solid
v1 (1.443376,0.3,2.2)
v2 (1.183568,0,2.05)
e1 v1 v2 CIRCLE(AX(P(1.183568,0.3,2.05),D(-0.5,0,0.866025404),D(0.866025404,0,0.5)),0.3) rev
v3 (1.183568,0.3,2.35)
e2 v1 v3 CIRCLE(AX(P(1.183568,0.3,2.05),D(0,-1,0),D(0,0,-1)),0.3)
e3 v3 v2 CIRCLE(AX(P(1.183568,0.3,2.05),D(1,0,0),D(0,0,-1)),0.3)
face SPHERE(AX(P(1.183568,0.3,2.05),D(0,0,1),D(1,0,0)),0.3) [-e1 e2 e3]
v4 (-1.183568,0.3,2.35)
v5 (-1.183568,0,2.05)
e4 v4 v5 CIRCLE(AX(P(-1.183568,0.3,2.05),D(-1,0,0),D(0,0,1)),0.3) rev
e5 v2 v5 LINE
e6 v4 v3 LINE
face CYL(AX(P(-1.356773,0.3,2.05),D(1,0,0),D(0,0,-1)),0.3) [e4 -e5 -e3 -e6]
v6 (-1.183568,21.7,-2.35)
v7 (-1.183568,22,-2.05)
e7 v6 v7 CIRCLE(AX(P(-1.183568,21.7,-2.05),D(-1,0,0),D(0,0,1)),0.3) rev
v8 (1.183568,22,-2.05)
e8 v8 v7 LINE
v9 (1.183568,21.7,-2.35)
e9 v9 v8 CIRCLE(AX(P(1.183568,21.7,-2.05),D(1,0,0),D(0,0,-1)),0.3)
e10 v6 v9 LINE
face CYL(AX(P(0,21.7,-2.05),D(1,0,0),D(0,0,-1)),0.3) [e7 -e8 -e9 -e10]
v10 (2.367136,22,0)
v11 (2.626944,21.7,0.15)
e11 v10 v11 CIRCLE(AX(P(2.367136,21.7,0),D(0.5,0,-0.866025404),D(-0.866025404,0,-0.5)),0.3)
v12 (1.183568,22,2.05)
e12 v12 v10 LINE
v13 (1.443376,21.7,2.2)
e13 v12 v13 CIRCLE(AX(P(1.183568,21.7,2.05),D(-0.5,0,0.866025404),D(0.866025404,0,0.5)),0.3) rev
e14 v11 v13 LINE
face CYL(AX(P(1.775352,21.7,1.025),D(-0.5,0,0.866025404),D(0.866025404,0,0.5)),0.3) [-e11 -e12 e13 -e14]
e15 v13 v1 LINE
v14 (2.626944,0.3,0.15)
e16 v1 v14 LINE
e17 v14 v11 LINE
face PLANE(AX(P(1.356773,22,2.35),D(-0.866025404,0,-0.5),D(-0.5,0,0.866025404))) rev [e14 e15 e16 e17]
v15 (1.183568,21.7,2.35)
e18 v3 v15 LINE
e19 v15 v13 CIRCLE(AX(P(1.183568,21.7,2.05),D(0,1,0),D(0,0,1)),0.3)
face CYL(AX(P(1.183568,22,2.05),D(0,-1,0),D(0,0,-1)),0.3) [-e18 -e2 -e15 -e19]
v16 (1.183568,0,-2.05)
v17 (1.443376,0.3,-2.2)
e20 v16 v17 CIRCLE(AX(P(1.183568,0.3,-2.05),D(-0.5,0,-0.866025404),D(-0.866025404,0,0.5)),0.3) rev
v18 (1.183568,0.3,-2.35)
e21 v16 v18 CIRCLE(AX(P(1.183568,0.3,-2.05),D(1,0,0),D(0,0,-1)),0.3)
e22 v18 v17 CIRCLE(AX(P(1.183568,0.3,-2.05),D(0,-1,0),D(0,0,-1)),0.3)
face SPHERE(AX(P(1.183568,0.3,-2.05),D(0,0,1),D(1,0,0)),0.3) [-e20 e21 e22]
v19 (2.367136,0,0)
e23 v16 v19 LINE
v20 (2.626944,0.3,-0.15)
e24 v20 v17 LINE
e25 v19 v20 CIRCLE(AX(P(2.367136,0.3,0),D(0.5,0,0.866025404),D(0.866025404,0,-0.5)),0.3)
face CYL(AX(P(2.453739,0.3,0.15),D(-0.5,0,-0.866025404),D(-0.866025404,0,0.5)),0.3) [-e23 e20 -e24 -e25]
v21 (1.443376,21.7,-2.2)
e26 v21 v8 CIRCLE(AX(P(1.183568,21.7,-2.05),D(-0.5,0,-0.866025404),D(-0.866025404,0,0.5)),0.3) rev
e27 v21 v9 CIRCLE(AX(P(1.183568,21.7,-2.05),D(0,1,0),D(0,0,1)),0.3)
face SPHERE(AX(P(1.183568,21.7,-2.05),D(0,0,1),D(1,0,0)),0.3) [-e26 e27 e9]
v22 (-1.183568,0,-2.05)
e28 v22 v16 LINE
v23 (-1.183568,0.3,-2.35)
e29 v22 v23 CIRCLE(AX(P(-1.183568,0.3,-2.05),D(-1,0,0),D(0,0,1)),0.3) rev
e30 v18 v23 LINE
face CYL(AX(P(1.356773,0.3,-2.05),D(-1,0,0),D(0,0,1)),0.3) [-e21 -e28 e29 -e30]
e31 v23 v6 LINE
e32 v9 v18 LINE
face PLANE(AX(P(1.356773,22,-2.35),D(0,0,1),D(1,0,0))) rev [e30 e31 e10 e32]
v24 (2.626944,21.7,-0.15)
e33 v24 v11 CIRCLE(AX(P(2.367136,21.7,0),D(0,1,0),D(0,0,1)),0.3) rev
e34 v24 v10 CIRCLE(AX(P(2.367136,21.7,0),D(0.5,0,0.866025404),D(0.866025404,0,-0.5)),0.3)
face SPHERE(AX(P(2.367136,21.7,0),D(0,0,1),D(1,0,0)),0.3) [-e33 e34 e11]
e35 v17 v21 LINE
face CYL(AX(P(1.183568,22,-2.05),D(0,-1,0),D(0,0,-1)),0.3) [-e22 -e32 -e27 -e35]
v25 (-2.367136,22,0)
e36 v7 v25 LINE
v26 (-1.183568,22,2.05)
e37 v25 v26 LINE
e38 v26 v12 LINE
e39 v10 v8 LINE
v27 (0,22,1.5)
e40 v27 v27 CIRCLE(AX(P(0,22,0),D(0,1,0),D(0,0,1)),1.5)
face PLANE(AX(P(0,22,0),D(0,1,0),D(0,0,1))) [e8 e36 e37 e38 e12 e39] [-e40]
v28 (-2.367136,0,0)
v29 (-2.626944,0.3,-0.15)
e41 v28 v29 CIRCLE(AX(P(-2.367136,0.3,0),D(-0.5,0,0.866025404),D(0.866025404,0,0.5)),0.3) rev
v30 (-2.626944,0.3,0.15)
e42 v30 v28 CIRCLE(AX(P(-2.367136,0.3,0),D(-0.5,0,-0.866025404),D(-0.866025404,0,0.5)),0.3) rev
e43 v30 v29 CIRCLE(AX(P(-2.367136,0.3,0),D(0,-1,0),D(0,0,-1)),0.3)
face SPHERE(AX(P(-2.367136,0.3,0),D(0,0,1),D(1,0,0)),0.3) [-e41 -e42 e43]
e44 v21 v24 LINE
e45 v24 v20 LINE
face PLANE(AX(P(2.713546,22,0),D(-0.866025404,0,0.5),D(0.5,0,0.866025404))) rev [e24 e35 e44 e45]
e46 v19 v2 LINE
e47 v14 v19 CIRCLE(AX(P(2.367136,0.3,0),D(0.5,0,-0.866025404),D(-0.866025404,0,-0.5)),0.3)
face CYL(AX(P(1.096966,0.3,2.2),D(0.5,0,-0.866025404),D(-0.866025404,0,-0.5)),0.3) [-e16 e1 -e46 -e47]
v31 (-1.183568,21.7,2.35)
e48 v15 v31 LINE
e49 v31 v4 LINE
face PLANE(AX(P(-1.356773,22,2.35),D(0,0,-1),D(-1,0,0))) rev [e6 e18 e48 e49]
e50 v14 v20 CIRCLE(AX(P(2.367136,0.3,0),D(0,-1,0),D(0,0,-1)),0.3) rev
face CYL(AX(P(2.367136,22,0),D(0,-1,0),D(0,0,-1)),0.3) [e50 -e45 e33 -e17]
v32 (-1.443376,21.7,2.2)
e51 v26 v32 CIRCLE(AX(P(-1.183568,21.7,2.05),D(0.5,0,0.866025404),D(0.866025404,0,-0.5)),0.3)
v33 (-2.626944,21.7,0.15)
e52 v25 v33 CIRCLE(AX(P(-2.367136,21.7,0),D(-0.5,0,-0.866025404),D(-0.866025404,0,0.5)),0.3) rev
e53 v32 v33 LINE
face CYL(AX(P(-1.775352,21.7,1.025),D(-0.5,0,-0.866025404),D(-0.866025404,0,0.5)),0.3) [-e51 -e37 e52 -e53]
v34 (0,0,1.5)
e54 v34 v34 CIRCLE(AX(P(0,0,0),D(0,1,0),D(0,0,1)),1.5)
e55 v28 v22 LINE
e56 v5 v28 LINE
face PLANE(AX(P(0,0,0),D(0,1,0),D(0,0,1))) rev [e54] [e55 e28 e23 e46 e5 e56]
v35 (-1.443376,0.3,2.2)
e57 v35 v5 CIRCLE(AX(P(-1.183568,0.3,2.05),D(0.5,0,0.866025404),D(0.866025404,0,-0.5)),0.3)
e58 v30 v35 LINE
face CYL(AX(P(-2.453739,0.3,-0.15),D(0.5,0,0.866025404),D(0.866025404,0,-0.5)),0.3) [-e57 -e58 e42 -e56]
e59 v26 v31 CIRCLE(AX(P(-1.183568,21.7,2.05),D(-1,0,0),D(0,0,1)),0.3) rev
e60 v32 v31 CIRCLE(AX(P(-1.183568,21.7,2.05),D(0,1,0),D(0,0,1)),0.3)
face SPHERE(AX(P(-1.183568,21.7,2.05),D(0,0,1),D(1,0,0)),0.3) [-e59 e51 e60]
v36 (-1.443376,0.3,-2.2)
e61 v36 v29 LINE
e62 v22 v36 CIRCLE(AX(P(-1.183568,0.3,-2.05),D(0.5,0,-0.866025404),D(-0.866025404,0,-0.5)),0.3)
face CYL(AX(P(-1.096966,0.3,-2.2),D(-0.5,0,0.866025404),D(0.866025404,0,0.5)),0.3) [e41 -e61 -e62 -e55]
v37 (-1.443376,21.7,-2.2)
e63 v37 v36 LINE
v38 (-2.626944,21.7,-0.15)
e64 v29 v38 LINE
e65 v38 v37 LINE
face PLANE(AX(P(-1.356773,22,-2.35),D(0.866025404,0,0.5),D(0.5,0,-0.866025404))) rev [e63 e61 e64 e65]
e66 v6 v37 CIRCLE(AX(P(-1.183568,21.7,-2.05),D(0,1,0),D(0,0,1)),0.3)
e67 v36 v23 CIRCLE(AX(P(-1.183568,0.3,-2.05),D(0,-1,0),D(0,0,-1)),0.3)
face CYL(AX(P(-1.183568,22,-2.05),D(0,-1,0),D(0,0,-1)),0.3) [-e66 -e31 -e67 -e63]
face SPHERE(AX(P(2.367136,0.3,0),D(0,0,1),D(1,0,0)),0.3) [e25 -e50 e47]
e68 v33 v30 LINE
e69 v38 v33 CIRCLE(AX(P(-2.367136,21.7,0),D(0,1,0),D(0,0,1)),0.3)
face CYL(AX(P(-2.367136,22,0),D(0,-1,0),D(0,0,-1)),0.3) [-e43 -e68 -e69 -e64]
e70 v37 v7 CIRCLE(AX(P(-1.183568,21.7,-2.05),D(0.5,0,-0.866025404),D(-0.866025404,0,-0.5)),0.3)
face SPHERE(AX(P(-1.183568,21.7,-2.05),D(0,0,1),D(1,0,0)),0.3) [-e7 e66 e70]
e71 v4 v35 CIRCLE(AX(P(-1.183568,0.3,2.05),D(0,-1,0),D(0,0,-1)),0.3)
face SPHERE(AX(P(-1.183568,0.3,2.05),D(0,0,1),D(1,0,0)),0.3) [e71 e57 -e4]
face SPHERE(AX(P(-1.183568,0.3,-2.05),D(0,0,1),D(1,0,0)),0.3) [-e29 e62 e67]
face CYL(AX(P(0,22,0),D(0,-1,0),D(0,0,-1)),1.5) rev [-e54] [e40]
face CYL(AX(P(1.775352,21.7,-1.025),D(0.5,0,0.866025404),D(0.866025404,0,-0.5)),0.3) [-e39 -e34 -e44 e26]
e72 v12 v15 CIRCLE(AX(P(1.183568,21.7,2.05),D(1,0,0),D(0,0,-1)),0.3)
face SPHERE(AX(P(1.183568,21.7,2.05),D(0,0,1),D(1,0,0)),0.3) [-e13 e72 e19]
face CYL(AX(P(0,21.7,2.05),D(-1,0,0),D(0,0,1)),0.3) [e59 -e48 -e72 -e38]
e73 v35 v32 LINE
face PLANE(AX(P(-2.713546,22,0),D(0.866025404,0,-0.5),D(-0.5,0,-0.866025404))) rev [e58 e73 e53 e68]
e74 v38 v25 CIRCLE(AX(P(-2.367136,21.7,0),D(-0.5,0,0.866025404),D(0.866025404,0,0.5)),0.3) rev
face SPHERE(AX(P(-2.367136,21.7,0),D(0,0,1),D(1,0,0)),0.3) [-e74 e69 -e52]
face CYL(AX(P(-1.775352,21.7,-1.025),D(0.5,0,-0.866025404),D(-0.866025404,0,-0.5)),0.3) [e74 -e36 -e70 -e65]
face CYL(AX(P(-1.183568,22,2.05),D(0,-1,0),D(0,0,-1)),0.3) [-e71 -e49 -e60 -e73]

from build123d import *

# Parameters (mm, degrees)
SKETCH_1_R      = 1.5
EXTRUDE_1_DEPTH = 22
FILLET_1_R      = 0.3


with BuildPart() as part:
    # 草图1 → 凸台-拉伸1 (new body)
    with BuildSketch(Plane(origin=(0, 0, 0), x_dir=(1, 0, 0), z_dir=(0, 1, 0))):
        Polygon((2.713546265, 0), (1.356773133, 2.35), (-1.356773133, 2.35), (-2.713546265, 0), (-1.356773133, -2.35), (1.356773133, -2.35), align=None)
        with Locations(Location((0, 0, 0), (0, 0, 270))):
            Circle(SKETCH_1_R, mode=Mode.SUBTRACT)
    extrude(amount=EXTRUDE_1_DEPTH)

    # 圆角1
    fillet_1_edges = [part.edges().sort_by_distance(p)[0] for p in [
        (0, 22, -2.35),
        (1.356773133, 11, 2.35),
        (-1.356773133, 11, 2.35),
        (-2.713546265, 11, 0),
        (-1.356773133, 11, -2.35),
        (1.356773133, 11, -2.35),
        (2.713546265, 11, 0),
        (-2.035159699, 22, -1.175),
        (-2.035159699, 22, 1.175),
        (0, 22, 2.35),
        (2.035159699, 22, 1.175),
        (0, 0, 2.35),
        (-2.035159699, 0, 1.175),
        (-2.035159699, 0, -1.175),
        (2.035159699, 22, -1.175),
        (0, 0, -2.35),
        (2.035159699, 0, -1.175),
        (2.035159699, 0, 1.175),
    ]]
    fillet(fillet_1_edges, radius=FILLET_1_R)


solid = part.part
